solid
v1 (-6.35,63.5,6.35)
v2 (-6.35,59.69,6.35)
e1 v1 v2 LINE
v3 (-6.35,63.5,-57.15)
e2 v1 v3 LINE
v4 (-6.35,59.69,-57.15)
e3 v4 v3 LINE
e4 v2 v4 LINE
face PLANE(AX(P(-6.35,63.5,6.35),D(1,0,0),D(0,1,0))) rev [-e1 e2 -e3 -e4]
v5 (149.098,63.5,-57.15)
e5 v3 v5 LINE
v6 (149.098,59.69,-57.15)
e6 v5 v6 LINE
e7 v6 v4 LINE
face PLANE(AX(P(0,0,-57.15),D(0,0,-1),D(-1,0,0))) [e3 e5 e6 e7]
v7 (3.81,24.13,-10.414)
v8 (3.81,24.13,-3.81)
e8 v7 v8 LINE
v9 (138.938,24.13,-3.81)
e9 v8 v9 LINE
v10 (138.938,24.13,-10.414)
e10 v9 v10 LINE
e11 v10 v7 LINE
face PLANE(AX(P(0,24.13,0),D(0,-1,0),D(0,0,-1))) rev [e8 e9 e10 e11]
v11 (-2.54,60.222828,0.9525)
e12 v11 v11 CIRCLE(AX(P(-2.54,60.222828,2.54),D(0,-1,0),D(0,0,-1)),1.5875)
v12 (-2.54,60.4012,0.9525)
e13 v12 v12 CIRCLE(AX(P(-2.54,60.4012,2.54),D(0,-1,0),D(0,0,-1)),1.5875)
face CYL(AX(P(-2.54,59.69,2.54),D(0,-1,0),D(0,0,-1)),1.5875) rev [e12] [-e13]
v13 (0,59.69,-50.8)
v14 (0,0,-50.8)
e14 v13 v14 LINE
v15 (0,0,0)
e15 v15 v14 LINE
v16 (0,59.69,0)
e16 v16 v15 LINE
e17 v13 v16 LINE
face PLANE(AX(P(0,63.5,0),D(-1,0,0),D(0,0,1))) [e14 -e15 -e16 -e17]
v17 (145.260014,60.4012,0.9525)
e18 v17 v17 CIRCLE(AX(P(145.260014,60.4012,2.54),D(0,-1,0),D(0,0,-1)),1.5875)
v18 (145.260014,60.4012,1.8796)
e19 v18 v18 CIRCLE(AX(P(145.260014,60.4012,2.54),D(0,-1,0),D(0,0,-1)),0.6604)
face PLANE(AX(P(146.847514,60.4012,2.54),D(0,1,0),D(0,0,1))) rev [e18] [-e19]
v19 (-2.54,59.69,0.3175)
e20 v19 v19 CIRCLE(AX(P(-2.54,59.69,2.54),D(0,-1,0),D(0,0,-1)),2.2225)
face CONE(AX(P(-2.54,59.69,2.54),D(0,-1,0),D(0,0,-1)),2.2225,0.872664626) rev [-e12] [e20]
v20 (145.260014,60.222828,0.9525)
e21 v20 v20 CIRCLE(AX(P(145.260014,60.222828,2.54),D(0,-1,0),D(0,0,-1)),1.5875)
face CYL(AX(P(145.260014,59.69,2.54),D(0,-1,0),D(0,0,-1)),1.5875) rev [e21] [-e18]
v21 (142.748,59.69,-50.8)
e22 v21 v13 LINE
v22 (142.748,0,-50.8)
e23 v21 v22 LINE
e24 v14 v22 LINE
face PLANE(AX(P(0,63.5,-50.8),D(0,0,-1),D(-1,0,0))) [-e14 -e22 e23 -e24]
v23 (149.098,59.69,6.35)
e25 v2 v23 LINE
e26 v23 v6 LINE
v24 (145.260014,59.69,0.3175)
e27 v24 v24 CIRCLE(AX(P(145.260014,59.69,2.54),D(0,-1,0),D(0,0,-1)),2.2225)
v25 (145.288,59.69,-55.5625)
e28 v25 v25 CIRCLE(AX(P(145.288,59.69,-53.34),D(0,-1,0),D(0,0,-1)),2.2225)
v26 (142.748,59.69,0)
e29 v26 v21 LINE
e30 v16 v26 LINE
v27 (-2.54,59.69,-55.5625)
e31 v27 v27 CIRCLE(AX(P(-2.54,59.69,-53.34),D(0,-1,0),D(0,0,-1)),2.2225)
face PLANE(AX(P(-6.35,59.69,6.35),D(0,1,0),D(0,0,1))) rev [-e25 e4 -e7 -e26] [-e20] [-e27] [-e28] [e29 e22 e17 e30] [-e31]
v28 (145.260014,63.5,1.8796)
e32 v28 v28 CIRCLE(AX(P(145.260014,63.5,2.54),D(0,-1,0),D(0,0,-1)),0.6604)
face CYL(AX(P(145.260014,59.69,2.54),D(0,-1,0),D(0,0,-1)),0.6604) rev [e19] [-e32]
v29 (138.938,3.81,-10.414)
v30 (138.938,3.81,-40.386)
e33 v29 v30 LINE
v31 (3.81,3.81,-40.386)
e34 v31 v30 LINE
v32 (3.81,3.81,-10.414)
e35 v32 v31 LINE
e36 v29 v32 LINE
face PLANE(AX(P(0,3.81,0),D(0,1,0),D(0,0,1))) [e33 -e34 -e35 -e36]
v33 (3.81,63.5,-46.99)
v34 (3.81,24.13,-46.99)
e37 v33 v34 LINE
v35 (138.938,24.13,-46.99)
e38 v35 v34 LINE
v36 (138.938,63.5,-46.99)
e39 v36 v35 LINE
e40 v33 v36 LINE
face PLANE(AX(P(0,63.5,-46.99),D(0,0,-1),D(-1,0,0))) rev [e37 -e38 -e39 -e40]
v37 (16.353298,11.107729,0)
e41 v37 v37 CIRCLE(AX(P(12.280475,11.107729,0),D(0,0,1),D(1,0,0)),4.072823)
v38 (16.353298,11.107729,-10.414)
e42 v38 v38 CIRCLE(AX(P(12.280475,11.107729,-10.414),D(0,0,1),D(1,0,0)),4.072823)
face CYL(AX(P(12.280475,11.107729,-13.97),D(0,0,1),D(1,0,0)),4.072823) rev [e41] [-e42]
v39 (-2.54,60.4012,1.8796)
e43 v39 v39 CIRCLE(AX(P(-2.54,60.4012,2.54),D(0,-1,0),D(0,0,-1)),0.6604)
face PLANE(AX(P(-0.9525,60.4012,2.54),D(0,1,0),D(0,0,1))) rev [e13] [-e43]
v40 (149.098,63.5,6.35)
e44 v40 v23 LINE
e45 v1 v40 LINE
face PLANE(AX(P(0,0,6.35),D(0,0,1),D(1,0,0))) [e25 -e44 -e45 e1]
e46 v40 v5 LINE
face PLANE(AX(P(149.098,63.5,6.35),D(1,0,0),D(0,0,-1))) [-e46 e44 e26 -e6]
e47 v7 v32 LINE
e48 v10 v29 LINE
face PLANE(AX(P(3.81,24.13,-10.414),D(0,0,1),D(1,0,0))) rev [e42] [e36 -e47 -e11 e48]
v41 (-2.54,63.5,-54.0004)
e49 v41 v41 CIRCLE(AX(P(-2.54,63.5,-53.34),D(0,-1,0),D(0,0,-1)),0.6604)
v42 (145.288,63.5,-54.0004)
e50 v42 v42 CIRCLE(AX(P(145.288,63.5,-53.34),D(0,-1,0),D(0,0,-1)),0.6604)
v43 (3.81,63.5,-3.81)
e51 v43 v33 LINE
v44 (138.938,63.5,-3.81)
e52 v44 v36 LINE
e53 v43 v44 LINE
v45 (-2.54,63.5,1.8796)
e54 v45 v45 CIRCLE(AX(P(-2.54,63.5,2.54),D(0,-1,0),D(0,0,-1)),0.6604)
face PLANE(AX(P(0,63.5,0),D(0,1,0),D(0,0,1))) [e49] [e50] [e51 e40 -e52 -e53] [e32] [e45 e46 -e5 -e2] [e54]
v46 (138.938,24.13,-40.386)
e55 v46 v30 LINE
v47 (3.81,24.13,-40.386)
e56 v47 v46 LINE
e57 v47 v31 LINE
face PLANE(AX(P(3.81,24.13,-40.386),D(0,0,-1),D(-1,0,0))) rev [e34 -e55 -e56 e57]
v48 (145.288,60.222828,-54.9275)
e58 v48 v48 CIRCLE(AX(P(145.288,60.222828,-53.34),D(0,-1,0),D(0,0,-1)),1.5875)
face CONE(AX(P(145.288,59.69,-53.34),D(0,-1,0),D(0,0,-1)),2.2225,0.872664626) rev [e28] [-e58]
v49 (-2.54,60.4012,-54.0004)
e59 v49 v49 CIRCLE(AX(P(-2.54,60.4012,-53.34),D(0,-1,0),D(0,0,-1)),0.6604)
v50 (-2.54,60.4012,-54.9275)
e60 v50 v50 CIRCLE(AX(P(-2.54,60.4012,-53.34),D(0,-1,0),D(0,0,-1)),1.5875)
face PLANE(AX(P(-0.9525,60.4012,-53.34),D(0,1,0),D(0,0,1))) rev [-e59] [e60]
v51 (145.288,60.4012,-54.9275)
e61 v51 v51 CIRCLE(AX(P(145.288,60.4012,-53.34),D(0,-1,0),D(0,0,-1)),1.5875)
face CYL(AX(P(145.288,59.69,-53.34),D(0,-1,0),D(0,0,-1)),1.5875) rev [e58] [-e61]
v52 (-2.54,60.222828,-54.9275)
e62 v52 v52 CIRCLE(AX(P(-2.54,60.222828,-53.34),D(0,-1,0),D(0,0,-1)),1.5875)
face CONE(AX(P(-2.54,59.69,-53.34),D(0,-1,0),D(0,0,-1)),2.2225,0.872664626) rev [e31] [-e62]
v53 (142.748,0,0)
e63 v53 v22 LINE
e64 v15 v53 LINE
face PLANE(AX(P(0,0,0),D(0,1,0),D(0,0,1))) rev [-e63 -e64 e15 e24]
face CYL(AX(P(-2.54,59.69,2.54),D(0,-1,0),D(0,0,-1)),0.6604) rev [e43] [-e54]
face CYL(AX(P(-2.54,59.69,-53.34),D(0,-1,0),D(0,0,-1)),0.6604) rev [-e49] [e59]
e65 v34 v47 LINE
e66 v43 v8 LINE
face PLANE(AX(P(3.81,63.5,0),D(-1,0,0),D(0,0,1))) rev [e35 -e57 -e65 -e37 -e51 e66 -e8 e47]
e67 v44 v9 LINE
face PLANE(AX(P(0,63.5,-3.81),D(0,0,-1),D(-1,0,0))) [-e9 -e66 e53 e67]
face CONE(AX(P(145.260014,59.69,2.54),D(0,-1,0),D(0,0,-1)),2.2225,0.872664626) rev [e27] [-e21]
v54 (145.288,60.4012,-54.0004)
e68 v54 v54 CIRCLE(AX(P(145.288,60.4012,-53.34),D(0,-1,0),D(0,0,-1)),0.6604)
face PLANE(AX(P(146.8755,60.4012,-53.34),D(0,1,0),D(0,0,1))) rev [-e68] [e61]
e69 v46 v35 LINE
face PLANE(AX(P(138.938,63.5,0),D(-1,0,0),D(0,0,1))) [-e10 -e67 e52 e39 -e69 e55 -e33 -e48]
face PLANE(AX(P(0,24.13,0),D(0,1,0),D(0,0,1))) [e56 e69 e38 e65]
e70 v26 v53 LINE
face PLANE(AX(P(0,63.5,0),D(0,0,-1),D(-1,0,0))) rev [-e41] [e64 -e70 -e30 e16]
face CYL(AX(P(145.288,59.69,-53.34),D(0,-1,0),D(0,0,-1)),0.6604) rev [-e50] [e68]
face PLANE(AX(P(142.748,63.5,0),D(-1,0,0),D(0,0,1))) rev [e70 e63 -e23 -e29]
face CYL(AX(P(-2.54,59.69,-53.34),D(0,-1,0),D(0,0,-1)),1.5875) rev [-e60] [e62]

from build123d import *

# Parameters (mm, degrees)
SKETCH1_W                                   = 142.748
SKETCH1_H                                   = 50.8
BOSS_EXTRUDE1_DEPTH                         = 63.5
SHELL1_T                                    = -3.81
SKETCH2_W                                   = 155.448
SKETCH2_H                                   = 3.81
BOSS_EXTRUDE2_DEPTH                         = 6.35
SKETCH3_W                                   = 155.448
SKETCH3_H                                   = 3.81
BOSS_EXTRUDE3_DEPTH                         = 6.35
SKETCH4_W                                   = 50.8
SKETCH4_H                                   = 3.81
BOSS_EXTRUDE4_DEPTH                         = 6.35
SKETCH5_W                                   = 50.8
SKETCH5_H                                   = 3.81
BOSS_EXTRUDE5_DEPTH                         = 6.35
CBORE_FOR_00_BINDING_HEAD_MACHINE_S_2_COUNT = 2
CBORE_FOR_00_BINDING_HEAD_MACHINE_S_2_PITCH = 147.800013628
CBORE_FOR_00_BINDING_HEAD_MACHINE_S_3_COUNT = 2
CBORE_FOR_00_BINDING_HEAD_MACHINE_S_3_PITCH = 158.036995618
CBORE_FOR_00_BINDING_HEAD_MACHINE_S_4_COUNT = 2
CBORE_FOR_00_BINDING_HEAD_MACHINE_S_4_PITCH = 55.88
SKETCH13_W                                  = 135.128
SKETCH13_H                                  = 6.604
BOSS_EXTRUDE6_DEPTH                         = 20.32
SKETCH14_R                                  = 4.072823047
CUT_EXTRUDE1_DEPTH                          = 13.97


with BuildPart() as part:
    # Sketch1 → Boss-Extrude1 (new body)
    with BuildSketch(Plane(origin=(0, 0, 0), x_dir=(1, 0, 0), z_dir=(0, 1, 0))):
        with Locations((71.374, 25.4)):
            Rectangle(SKETCH1_W, SKETCH1_H)
    extrude(amount=BOSS_EXTRUDE1_DEPTH)

    # Shell1
    shell1_openings = [part.faces().sort_by_distance(p)[0] for p in [
        (71.374, 63.5, -25.4),
    ]]
    offset(amount=SHELL1_T, openings=shell1_openings, kind=Kind.INTERSECTION)

    # Sketch2 → Boss-Extrude2 (add)
    with BuildSketch(Plane.XY):
        with Locations((71.374, 61.595)):
            Rectangle(SKETCH2_W, SKETCH2_H)
    extrude(amount=BOSS_EXTRUDE2_DEPTH)

    # Sketch3 → Boss-Extrude3 (add)
    with BuildSketch(Plane(origin=(0, 0, -50.8), x_dir=(-1, 0, 0), z_dir=(0, 0, -1))):
        with Locations((-71.374, 61.595)):
            Rectangle(SKETCH3_W, SKETCH3_H)
    extrude(amount=BOSS_EXTRUDE3_DEPTH)

    # Sketch4 → Boss-Extrude4 (add)
    with BuildSketch(Plane.ZY):
        with Locations((-25.4, 61.595)):
            Rectangle(SKETCH4_W, SKETCH4_H)
    extrude(amount=BOSS_EXTRUDE4_DEPTH)

    # Sketch5 → Boss-Extrude5 (add)
    with BuildSketch(Plane(origin=(142.748, 0, 0), x_dir=(0, 0, -1), z_dir=(1, 0, 0))):
        with Locations((25.4, 61.595)):
            Rectangle(SKETCH5_W, SKETCH5_H)
    extrude(amount=BOSS_EXTRUDE5_DEPTH)

    # Sketch11 → CBORE for #00 Binding Head Machine Screw3 (revolve, cut)
    with BuildSketch(Plane(origin=(-2.54, 59.69, 2.54), x_dir=(0, 0, -1), z_dir=(1, 0, 0))):
        Polygon((0, 0), (0, 3.81), (0.6604, 3.81), (0.6604, 0.7112), (1.5875, 0.7112), (1.5875, 0.532828266), (2.2225, 0), align=None)
    cbore_for_00_binding_head_machine_screw = revolve(axis=Axis((-2.54, 53.34, 2.54), (0, 1, 0)), mode=Mode.SUBTRACT)

    # CBORE for _00 Binding Head Machine S 2: CBORE for #00 Binding Head Machine Screw3 ×2
    with Locations(*[(i * CBORE_FOR_00_BINDING_HEAD_MACHINE_S_2_PITCH, 0, 0) for i in range(1, CBORE_FOR_00_BINDING_HEAD_MACHINE_S_2_COUNT)]):
        add(cbore_for_00_binding_head_machine_screw, mode=Mode.SUBTRACT)

    # CBORE for _00 Binding Head Machine S 3: CBORE for #00 Binding Head Machine Screw3 ×2
    with Locations(*[Vector(0.9354012294514634, 0, -0.35358809360708243) * (i * CBORE_FOR_00_BINDING_HEAD_MACHINE_S_3_PITCH) for i in range(1, CBORE_FOR_00_BINDING_HEAD_MACHINE_S_3_COUNT)]):
        add(cbore_for_00_binding_head_machine_screw, mode=Mode.SUBTRACT)

    # CBORE for _00 Binding Head Machine S 4: CBORE for #00 Binding Head Machine Screw3 ×2
    with Locations(*[(0, 0, -i * CBORE_FOR_00_BINDING_HEAD_MACHINE_S_4_PITCH) for i in range(1, CBORE_FOR_00_BINDING_HEAD_MACHINE_S_4_COUNT)]):
        add(cbore_for_00_binding_head_machine_screw, mode=Mode.SUBTRACT)

    # Sketch13 → Boss-Extrude6 (add)
    with BuildSketch(Plane(origin=(0, 3.81, 0), x_dir=(1, 0, 0), z_dir=(0, 1, 0))):
        with Locations((71.374, 43.688)):
            Rectangle(SKETCH13_W, SKETCH13_H)
        with Locations((71.374, 7.112)):
            Rectangle(SKETCH13_W, SKETCH13_H)
    extrude(amount=BOSS_EXTRUDE6_DEPTH)

    # Sketch14 → Cut-Extrude1 (cut)
    with BuildSketch(Plane.XY):
        with Locations((12.280475356, 11.107728565)):
            Circle(SKETCH14_R)
    extrude(amount=-CUT_EXTRUDE1_DEPTH, mode=Mode.SUBTRACT)


solid = part.part
